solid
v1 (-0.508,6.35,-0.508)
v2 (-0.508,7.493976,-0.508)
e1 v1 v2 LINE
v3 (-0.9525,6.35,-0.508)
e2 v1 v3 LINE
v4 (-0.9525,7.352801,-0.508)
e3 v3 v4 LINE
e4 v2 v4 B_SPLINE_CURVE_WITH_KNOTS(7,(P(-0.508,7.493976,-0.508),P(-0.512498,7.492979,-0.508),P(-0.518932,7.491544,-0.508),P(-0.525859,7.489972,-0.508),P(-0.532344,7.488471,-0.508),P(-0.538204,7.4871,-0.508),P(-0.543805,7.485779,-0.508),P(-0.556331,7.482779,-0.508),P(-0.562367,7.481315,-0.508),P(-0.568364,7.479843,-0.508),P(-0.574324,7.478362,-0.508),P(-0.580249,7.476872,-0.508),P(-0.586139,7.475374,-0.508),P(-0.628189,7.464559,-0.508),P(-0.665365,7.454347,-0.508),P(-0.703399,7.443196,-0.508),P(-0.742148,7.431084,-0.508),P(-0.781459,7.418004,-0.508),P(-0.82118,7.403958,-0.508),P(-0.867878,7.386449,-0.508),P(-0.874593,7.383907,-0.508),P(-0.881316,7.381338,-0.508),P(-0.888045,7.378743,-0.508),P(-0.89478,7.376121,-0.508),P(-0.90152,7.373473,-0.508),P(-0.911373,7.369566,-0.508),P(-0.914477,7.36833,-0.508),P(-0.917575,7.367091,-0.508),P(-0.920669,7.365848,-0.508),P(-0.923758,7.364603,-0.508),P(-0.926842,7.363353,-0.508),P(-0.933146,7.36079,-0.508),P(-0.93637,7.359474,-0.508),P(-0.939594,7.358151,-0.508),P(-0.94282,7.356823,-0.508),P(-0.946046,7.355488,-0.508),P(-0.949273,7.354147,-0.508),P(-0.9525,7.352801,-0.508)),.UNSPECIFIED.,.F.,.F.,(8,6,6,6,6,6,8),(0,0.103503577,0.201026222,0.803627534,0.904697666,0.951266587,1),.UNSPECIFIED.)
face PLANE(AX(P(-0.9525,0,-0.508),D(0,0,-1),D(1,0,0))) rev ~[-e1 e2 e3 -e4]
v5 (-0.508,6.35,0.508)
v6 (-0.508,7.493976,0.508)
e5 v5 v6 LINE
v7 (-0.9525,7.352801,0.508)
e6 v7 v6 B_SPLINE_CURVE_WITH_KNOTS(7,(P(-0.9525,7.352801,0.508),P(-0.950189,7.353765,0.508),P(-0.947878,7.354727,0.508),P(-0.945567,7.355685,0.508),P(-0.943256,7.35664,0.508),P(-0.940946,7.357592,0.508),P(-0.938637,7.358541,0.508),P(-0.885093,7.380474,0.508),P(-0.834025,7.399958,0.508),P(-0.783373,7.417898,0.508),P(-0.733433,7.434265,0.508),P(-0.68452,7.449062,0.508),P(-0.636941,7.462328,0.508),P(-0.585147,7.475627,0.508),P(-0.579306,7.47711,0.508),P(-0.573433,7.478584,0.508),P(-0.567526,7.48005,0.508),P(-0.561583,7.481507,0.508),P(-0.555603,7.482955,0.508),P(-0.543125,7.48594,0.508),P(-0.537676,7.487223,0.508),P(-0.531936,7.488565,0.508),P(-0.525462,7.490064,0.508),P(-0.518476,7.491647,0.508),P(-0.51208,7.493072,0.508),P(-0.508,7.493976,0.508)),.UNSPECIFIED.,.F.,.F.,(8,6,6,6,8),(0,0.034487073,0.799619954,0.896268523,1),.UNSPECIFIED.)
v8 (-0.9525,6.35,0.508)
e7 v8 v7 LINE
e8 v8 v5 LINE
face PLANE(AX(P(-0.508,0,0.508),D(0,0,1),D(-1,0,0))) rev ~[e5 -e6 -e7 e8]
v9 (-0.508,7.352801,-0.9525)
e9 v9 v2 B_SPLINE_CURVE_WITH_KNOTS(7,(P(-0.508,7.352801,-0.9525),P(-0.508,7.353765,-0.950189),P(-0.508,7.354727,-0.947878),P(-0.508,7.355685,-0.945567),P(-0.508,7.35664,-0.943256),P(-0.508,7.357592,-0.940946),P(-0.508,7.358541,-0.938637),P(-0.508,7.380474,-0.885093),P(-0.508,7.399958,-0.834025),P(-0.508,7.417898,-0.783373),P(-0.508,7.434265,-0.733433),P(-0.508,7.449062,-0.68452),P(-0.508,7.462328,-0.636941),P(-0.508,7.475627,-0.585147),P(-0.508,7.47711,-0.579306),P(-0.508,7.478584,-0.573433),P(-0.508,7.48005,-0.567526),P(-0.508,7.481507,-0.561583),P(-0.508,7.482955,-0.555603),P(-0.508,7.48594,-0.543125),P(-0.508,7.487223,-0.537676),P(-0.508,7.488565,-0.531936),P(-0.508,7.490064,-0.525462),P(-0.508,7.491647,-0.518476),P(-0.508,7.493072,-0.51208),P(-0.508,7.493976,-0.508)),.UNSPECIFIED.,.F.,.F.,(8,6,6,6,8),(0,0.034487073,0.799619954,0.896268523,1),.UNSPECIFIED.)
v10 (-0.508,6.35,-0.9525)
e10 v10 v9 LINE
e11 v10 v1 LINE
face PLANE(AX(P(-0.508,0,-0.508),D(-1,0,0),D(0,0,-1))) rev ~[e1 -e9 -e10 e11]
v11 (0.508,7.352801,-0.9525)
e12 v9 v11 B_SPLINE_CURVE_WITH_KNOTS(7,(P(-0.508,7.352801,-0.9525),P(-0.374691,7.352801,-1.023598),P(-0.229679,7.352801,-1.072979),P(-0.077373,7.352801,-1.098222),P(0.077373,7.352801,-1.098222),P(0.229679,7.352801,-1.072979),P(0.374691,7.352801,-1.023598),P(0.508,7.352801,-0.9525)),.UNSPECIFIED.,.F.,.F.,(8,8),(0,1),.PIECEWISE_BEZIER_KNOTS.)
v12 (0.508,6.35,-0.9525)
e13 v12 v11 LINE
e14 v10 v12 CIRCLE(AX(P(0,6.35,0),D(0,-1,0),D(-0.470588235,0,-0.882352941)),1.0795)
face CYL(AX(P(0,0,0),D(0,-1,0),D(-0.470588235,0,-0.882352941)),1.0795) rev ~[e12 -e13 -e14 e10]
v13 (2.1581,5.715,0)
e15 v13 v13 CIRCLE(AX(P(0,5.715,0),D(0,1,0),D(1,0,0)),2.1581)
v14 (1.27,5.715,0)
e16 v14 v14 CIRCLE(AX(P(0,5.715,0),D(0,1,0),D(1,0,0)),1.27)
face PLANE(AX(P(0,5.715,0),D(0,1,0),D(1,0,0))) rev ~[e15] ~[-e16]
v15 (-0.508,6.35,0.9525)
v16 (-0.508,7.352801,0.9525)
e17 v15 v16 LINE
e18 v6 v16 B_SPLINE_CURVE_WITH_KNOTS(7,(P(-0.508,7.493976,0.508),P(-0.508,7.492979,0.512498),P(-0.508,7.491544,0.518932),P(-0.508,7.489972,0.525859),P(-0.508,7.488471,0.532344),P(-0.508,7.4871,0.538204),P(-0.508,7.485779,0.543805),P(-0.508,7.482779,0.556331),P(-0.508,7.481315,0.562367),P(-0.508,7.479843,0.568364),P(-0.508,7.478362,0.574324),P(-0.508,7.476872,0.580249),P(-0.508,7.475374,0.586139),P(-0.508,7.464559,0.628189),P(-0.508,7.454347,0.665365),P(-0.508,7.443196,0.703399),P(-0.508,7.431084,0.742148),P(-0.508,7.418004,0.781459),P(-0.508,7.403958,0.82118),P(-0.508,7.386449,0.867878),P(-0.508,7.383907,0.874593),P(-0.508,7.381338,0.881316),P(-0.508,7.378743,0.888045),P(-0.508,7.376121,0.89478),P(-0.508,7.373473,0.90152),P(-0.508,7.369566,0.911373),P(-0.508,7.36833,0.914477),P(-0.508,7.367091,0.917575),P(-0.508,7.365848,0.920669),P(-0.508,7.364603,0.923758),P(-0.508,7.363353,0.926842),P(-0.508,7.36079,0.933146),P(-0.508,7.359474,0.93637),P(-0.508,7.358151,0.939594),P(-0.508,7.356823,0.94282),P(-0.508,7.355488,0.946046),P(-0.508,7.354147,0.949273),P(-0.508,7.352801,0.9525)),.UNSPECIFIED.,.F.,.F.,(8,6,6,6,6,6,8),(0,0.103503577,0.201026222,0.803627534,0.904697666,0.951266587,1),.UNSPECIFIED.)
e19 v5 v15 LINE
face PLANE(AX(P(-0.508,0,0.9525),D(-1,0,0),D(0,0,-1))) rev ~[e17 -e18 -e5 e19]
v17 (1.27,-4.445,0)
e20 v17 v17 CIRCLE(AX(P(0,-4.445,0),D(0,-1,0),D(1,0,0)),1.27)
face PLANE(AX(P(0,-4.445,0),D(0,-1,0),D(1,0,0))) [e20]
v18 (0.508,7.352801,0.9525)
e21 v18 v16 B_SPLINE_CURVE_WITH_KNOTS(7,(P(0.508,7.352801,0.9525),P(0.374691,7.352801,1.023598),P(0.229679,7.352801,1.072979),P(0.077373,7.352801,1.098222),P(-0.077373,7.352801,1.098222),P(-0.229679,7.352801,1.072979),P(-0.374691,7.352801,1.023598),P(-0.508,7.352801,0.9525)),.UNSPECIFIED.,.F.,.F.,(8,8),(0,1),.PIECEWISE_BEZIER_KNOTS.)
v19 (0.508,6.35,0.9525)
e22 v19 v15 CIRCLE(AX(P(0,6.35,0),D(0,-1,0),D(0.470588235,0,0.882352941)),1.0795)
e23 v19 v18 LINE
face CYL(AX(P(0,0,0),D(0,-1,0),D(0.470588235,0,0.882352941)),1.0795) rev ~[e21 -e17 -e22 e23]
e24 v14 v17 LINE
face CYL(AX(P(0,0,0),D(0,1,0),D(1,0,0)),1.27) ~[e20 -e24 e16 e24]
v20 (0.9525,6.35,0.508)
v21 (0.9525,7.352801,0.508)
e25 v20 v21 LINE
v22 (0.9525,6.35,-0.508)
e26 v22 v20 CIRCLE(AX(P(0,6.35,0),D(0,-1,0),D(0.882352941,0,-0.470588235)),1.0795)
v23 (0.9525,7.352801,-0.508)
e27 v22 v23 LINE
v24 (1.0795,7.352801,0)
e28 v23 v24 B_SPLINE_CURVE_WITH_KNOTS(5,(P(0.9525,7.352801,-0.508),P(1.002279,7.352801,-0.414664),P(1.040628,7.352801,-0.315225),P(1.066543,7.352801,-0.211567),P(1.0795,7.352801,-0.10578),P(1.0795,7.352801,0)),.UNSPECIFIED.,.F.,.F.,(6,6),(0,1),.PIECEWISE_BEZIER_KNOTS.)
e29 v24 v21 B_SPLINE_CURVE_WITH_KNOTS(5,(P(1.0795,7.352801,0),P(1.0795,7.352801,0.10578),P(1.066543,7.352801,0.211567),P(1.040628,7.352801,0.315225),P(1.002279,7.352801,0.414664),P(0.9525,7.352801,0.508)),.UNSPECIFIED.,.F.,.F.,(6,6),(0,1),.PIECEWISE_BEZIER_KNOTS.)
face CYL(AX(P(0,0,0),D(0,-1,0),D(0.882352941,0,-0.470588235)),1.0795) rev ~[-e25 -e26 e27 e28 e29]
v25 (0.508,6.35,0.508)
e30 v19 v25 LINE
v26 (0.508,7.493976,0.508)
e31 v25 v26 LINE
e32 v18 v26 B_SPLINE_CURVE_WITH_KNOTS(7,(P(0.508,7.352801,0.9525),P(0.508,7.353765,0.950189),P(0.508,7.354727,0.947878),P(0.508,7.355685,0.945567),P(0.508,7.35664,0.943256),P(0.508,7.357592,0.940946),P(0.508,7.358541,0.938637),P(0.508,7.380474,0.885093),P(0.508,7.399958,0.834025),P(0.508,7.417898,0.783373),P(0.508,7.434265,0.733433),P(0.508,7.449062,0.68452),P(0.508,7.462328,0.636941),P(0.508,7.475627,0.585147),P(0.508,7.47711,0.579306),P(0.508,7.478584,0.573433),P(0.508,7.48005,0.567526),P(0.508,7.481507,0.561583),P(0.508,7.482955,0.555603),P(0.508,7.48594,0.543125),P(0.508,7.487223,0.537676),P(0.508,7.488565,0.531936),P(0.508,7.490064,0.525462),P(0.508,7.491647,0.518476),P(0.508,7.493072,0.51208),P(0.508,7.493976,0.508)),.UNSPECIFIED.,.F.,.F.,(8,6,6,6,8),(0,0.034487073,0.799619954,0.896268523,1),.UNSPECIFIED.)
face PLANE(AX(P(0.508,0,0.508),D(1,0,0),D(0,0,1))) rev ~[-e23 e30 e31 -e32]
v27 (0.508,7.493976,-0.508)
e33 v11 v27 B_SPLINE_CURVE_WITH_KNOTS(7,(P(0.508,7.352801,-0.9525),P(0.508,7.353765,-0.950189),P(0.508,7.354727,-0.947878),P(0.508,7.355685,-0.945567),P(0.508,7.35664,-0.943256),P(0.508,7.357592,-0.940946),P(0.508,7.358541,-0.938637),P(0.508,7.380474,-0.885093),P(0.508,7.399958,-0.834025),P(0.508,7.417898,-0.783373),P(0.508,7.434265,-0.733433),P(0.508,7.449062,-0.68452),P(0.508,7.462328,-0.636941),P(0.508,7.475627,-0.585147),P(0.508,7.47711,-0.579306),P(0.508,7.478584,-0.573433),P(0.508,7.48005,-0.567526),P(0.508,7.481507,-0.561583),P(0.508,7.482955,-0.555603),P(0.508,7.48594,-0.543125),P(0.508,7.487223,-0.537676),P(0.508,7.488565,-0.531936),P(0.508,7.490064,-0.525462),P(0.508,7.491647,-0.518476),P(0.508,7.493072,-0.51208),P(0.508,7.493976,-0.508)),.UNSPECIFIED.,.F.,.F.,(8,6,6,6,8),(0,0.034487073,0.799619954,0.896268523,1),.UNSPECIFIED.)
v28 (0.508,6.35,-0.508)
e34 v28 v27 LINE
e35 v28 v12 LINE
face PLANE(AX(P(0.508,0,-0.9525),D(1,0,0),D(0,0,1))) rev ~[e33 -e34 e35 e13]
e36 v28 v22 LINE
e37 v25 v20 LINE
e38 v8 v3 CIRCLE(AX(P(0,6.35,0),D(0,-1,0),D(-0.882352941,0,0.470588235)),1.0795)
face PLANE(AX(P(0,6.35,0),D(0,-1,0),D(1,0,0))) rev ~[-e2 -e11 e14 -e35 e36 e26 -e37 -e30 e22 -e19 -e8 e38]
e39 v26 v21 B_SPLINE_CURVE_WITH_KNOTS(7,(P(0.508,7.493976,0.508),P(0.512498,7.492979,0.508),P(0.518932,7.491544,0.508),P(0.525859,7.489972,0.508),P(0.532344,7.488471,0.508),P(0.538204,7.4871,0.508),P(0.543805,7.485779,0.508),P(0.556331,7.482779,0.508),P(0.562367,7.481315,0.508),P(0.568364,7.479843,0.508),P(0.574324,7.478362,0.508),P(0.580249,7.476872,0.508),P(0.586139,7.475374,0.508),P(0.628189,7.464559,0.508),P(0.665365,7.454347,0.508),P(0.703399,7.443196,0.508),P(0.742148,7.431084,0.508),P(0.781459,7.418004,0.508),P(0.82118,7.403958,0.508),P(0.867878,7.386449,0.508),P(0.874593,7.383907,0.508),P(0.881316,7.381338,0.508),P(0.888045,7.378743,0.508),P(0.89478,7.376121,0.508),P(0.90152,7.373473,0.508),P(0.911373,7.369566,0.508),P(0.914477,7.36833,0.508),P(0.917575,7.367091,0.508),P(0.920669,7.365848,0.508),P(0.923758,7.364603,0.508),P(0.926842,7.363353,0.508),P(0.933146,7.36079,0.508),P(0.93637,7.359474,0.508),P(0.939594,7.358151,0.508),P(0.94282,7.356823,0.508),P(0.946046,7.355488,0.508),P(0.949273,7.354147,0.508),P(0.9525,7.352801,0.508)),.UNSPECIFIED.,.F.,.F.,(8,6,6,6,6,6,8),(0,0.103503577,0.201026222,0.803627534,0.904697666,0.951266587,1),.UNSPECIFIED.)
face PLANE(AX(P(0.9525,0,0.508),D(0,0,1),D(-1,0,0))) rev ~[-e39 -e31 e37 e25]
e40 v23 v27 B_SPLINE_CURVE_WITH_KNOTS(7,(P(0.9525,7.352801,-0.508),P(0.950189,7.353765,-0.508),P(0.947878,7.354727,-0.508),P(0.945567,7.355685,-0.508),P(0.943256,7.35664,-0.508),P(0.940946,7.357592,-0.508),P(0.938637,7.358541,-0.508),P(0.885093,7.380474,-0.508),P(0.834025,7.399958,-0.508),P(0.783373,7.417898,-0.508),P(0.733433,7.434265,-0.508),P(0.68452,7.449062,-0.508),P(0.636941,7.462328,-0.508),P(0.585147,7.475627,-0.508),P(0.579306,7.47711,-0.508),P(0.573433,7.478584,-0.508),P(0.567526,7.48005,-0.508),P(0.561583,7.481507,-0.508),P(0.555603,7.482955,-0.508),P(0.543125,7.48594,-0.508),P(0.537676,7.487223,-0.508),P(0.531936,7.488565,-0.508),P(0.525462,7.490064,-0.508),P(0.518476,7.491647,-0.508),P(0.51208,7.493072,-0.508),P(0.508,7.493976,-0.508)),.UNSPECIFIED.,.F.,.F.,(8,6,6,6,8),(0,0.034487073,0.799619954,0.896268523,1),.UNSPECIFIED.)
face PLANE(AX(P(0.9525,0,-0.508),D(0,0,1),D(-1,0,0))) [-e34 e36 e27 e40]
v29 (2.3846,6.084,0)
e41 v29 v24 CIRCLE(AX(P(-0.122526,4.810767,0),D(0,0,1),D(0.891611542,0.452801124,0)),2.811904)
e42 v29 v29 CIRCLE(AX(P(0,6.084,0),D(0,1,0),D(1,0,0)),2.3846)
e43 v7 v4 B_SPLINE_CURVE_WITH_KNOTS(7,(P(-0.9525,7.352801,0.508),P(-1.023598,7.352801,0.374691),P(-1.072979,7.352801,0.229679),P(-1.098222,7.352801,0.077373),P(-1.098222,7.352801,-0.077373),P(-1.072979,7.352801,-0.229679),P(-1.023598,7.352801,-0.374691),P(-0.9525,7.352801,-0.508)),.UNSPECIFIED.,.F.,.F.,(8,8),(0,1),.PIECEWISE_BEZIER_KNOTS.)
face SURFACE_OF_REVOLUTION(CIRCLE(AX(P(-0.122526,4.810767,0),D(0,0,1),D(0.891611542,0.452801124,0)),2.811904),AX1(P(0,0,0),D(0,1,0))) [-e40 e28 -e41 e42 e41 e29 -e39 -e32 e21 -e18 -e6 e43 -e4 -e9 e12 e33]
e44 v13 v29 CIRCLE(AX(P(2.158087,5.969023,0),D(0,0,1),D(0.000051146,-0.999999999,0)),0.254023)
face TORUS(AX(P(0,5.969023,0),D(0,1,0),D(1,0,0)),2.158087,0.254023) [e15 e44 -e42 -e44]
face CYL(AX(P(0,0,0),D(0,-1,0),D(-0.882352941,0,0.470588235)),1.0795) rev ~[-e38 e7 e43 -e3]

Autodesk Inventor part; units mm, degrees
ref_plane "YZ Plane" through (0, 0, 0) normal (1, 0, 0) x (0, 1, 0)
ref_plane "XZ Plane" through (0, 0, 0) normal (0, 1, 0) x (-1, 0, 0)
ref_plane "XY Plane" through (0, 0, 0) normal (0, 0, 1) x (1, 0, 0)
sketch "Sketch1" plane through (0, 0, 0) normal (0, 0, 1) x (1, 0, 0)
  line L0 (2.1581, 5.715) -> (1.27, 5.715)
  line L1 (1.27, 5.715) -> (1.27, 0)
  line L2 (1.27, 0) -> (0, 0)
  line L3 (0, 0) -> (0, 7.62)
  arc A0 (2.3846, 6.084) -> (0, 7.62) centre (-0.1226, 4.8107) ccw
  arc A1 (2.1581, 5.715) -> (2.3846, 6.084) centre (2.1581, 5.969) ccw
  point P0 (2.54, 5.715)
  dimension "d0" = 7.62
  dimension "d1" = 2.54
  dimension "d2" = 1.905
  dimension "d3" = 1.27
  dimension "d4" = 0.254
revolve "Revolution1" add sketch "Sketch1" angle 360 about axis through (0, 0, 0) along (0, 1, 0)
sketch "Sketch2" plane through (0, 0, 0) normal (0, -1, 0) x (1, 0, 0)
  circle A0 centre (0, 0) radius 1.27 projected
  line L0 (0.9525, 0.508) -> (0.508, 0.508)
  line L1 (0.508, 0.508) -> (0.508, 0.9525)
  line L2 (-0.508, 0.9525) -> (-0.508, 0.508)
  line L3 (-0.508, 0.508) -> (-0.9525, 0.508)
  line L4 (-0.9525, -0.508) -> (-0.508, -0.508)
  line L5 (-0.508, -0.508) -> (-0.508, -0.9525)
  line L6 (0.508, -0.9525) -> (0.508, -0.508)
  line L7 (0.9525, -0.508) -> (0.508, -0.508)
  arc A1 (0.9525, -0.508) -> (0.9525, 0.508) centre (0, 0) ccw
  arc A2 (-0.508, -0.9525) -> (0.508, -0.9525) centre (0, 0) ccw
  arc A3 (0.508, 0.9525) -> (-0.508, 0.9525) centre (0, 0) ccw
  arc A4 (-0.9525, 0.508) -> (-0.9525, -0.508) centre (0, 0) ccw
  point P0 (1.164, -0.508)
  point P1 (1.164, 0.508)
  point P2 (-1.164, -0.508)
  point P3 (-1.164, 0.508)
  point P4 (0.508, -1.164)
  point P5 (-0.508, -1.164)
  point P6 (-0.508, 1.164)
  point P7 (0.508, 1.164)
  dimension "d6" = 0.508
  dimension "d7" = 0.508
extrude "Extrusion1" cut sketch "Sketch2" against normal blind 25.4 contours A1 L7 L6 A2 L5 L4 A4 L3 L2 A3 L1 L0
sketch "Sketch3" plane through (0, 0, 0) normal (0, -1, 0) x (1, 0, 0)
  circle A0 centre (0, 0) radius 1.27
extrude "Extrusion2" add sketch "Sketch3" against normal blind 6.35
sketch "Sketch4" plane through (0, 0, 0) normal (0, -1, 0) x (1, 0, 0)
  circle A0 centre (0, 0) radius 1.27
extrude "Extrusion3" add sketch "Sketch4" along normal blind 4.445
properties part number "Screw"
